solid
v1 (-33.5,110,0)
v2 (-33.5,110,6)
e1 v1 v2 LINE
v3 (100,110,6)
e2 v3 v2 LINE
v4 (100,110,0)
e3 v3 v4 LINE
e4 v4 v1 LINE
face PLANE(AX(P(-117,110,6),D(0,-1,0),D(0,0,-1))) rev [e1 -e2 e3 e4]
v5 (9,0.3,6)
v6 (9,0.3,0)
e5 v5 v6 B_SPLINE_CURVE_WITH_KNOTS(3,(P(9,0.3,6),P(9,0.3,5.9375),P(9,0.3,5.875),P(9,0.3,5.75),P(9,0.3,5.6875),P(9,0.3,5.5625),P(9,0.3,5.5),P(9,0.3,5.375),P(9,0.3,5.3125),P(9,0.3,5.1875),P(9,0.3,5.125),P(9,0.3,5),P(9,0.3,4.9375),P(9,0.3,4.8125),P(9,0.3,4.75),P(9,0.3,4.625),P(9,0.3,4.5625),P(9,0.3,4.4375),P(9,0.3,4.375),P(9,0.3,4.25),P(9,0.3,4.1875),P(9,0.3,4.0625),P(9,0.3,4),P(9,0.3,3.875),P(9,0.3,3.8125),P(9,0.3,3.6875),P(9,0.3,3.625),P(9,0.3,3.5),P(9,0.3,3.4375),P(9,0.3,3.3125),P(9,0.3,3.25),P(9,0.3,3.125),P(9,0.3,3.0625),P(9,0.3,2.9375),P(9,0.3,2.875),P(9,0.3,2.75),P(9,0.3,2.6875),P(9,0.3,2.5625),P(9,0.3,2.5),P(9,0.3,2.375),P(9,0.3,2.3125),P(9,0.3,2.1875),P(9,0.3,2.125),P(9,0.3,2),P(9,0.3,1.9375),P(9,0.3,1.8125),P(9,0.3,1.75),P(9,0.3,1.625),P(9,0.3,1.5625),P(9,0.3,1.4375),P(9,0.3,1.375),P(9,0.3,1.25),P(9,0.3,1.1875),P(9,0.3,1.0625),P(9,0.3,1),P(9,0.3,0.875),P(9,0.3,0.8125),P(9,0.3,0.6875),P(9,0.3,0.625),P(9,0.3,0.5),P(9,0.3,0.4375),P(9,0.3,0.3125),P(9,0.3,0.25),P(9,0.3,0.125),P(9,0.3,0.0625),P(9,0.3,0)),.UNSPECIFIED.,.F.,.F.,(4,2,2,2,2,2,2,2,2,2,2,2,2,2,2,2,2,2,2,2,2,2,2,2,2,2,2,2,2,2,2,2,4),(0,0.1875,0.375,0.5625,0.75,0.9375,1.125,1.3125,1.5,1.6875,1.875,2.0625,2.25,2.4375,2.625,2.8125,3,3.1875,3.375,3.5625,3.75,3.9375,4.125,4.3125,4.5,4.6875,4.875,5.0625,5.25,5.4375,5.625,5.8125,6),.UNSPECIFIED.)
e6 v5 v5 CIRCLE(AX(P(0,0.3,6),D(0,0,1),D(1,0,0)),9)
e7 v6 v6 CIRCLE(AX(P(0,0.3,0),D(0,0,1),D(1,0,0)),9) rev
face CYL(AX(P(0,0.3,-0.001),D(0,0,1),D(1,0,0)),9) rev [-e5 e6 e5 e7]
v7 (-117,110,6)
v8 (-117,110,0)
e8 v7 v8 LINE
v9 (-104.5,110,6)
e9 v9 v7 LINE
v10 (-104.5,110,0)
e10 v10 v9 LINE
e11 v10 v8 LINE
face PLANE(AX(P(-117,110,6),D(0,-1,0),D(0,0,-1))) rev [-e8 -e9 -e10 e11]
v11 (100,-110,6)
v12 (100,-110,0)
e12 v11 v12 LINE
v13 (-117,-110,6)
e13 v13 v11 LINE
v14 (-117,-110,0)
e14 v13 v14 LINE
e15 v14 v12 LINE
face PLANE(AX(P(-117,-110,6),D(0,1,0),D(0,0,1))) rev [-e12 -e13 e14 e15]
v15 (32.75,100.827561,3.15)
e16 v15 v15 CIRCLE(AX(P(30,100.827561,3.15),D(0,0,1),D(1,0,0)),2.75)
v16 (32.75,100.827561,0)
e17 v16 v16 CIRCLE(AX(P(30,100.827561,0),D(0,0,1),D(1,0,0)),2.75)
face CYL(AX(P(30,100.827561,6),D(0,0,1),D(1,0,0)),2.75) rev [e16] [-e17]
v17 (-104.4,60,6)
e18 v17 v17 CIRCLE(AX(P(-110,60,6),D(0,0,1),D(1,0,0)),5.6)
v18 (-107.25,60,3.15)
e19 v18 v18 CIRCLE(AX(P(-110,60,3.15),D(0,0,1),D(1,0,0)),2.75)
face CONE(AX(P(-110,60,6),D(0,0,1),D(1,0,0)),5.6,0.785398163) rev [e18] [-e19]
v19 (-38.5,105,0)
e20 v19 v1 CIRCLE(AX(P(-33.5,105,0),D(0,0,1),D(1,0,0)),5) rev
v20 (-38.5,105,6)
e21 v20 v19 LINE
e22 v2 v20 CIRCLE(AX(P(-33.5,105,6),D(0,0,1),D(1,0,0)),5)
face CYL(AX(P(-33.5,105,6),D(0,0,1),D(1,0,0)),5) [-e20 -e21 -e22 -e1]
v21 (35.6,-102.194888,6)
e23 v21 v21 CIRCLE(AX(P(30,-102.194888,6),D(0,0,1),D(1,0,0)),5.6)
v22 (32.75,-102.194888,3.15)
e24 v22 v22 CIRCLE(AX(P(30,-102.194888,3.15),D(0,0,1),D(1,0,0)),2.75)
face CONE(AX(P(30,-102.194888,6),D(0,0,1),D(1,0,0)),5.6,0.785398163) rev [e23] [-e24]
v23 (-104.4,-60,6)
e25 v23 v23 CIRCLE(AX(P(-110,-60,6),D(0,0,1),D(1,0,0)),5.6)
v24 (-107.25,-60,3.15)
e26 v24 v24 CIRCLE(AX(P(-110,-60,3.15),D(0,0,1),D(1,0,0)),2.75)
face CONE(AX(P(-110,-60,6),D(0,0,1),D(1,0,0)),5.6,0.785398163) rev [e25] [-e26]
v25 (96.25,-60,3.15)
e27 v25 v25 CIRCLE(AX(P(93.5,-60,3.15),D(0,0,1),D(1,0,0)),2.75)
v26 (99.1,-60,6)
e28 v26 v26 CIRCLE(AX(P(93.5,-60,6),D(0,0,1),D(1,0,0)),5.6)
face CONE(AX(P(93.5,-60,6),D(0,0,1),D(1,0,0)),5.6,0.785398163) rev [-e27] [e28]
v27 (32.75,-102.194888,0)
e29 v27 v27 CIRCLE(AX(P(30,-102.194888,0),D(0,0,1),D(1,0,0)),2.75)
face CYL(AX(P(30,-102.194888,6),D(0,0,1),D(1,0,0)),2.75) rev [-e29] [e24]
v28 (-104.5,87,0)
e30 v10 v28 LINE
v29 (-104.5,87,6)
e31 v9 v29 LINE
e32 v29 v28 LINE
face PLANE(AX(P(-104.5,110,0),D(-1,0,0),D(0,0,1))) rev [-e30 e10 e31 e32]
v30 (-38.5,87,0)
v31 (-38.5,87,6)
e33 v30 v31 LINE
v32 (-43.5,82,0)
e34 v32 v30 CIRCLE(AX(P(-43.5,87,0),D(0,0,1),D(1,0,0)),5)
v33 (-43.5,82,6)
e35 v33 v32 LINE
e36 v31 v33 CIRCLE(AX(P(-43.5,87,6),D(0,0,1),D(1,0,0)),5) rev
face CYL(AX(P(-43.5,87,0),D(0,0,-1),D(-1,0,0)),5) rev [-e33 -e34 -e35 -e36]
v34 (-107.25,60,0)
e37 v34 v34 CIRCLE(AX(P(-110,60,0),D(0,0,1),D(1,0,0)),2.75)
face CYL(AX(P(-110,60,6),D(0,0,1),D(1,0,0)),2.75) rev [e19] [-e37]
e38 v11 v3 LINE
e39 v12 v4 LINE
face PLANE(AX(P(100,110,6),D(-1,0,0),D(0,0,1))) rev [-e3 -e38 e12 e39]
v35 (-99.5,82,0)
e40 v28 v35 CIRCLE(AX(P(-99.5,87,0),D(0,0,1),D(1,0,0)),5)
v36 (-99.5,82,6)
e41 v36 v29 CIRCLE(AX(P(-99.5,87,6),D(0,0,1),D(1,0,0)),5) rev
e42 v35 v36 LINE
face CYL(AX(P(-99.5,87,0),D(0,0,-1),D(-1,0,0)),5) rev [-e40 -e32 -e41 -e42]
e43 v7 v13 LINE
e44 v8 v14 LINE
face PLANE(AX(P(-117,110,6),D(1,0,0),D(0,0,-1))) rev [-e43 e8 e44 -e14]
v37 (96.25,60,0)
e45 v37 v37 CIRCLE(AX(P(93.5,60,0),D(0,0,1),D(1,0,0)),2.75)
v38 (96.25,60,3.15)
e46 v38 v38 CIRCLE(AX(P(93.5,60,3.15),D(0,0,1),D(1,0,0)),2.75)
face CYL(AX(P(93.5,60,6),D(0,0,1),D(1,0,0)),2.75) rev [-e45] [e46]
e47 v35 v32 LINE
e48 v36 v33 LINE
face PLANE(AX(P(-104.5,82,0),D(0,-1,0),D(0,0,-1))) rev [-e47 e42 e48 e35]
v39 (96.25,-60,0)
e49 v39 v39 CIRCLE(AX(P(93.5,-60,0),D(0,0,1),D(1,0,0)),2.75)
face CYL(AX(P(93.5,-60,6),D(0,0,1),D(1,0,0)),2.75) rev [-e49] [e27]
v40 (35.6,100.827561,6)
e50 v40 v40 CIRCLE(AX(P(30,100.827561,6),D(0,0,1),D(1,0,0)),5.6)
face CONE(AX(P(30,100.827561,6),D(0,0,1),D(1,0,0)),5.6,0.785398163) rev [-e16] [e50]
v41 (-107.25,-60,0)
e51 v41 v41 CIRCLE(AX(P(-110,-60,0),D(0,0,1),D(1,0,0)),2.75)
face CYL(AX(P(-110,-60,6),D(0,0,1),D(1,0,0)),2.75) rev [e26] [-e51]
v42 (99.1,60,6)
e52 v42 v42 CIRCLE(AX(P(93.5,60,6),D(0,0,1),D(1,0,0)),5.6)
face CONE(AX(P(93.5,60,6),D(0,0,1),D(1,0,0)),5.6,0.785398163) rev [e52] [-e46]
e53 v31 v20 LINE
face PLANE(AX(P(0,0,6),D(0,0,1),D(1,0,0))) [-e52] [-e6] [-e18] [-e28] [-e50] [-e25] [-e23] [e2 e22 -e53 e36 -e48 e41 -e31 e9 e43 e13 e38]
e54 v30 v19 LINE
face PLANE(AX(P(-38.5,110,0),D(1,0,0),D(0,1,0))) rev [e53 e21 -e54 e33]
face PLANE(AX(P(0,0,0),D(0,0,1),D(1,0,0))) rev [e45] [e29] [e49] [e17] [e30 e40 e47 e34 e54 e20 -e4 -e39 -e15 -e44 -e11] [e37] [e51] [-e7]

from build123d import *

# Parameters (mm, degrees)
ESBO_O1_W                            = 217
ESBO_O1_H                            = 220
RESSALTO_EXTRUS_O1_DEPTH             = 6
ESCAREADO_PARA_SFHCS_M51_D           = 5.5
ESCAREADO_PARA_SFHCS_M51_CSINK_D     = 11.2
ESCAREADO_PARA_SFHCS_M51_CSINK_ANGLE = 90
CORTE_EXTRUS_O1_REACH                = 162.702
ESBO_O5_R                            = 9
ESBO_O6_W                            = 66
ESBO_O6_H                            = 28
CORTE_EXTRUS_O2_DEPTH                = 161.7015868
FILETE1_R                            = 5


with BuildPart() as part:
    # Esboço1 → Ressalto-extrusão1 (new body)
    with BuildSketch(Plane.XY):
        with Locations((-8.5, 0)):
            Rectangle(ESBO_O1_W, ESBO_O1_H)
    extrude(amount=RESSALTO_EXTRUS_O1_DEPTH)

    # Escareado para SFHCS M51 (through all)
    with Locations(Plane.XY.offset(6)):
        with Locations((-110, -60), (-110, 60), (93.5, 60), (93.5, -60), (30, -102.194888391), (30, 100.827560784)):
            CounterSinkHole(ESCAREADO_PARA_SFHCS_M51_D / 2, ESCAREADO_PARA_SFHCS_M51_CSINK_D / 2, counter_sink_angle=ESCAREADO_PARA_SFHCS_M51_CSINK_ANGLE)

    # Esboço5 → Corte-extrusão1 (cut, up to next)
    with BuildSketch(Plane.XY.offset(6), mode=Mode.PRIVATE) as corte_extrus_o1_sk1:
        with Locations((0, 0.3)):
            Circle(ESBO_O5_R)
    corte_extrus_o1_tool1 = extrude(corte_extrus_o1_sk1.sketch, amount=-CORTE_EXTRUS_O1_REACH, mode=Mode.PRIVATE) & part.part
    add(corte_extrus_o1_tool1.solids().sort_by_distance((0, 0.3, 6))[0], mode=Mode.SUBTRACT)

    # Esboço6 → Corte-extrusão2 (cut, through all)
    with BuildSketch(Plane.XY.offset(6)):
        with Locations((-71.5, 96)):
            Rectangle(ESBO_O6_W, ESBO_O6_H)
    extrude(amount=-CORTE_EXTRUS_O2_DEPTH, mode=Mode.SUBTRACT)

    # Filete1
    filete1_edges = [part.edges().sort_by_distance(p)[0] for p in [
        (-104.5, 82, 3),
        (-38.5, 110, 3),
        (-38.5, 82, 3),
    ]]
    fillet(filete1_edges, radius=FILETE1_R)


solid = part.part
